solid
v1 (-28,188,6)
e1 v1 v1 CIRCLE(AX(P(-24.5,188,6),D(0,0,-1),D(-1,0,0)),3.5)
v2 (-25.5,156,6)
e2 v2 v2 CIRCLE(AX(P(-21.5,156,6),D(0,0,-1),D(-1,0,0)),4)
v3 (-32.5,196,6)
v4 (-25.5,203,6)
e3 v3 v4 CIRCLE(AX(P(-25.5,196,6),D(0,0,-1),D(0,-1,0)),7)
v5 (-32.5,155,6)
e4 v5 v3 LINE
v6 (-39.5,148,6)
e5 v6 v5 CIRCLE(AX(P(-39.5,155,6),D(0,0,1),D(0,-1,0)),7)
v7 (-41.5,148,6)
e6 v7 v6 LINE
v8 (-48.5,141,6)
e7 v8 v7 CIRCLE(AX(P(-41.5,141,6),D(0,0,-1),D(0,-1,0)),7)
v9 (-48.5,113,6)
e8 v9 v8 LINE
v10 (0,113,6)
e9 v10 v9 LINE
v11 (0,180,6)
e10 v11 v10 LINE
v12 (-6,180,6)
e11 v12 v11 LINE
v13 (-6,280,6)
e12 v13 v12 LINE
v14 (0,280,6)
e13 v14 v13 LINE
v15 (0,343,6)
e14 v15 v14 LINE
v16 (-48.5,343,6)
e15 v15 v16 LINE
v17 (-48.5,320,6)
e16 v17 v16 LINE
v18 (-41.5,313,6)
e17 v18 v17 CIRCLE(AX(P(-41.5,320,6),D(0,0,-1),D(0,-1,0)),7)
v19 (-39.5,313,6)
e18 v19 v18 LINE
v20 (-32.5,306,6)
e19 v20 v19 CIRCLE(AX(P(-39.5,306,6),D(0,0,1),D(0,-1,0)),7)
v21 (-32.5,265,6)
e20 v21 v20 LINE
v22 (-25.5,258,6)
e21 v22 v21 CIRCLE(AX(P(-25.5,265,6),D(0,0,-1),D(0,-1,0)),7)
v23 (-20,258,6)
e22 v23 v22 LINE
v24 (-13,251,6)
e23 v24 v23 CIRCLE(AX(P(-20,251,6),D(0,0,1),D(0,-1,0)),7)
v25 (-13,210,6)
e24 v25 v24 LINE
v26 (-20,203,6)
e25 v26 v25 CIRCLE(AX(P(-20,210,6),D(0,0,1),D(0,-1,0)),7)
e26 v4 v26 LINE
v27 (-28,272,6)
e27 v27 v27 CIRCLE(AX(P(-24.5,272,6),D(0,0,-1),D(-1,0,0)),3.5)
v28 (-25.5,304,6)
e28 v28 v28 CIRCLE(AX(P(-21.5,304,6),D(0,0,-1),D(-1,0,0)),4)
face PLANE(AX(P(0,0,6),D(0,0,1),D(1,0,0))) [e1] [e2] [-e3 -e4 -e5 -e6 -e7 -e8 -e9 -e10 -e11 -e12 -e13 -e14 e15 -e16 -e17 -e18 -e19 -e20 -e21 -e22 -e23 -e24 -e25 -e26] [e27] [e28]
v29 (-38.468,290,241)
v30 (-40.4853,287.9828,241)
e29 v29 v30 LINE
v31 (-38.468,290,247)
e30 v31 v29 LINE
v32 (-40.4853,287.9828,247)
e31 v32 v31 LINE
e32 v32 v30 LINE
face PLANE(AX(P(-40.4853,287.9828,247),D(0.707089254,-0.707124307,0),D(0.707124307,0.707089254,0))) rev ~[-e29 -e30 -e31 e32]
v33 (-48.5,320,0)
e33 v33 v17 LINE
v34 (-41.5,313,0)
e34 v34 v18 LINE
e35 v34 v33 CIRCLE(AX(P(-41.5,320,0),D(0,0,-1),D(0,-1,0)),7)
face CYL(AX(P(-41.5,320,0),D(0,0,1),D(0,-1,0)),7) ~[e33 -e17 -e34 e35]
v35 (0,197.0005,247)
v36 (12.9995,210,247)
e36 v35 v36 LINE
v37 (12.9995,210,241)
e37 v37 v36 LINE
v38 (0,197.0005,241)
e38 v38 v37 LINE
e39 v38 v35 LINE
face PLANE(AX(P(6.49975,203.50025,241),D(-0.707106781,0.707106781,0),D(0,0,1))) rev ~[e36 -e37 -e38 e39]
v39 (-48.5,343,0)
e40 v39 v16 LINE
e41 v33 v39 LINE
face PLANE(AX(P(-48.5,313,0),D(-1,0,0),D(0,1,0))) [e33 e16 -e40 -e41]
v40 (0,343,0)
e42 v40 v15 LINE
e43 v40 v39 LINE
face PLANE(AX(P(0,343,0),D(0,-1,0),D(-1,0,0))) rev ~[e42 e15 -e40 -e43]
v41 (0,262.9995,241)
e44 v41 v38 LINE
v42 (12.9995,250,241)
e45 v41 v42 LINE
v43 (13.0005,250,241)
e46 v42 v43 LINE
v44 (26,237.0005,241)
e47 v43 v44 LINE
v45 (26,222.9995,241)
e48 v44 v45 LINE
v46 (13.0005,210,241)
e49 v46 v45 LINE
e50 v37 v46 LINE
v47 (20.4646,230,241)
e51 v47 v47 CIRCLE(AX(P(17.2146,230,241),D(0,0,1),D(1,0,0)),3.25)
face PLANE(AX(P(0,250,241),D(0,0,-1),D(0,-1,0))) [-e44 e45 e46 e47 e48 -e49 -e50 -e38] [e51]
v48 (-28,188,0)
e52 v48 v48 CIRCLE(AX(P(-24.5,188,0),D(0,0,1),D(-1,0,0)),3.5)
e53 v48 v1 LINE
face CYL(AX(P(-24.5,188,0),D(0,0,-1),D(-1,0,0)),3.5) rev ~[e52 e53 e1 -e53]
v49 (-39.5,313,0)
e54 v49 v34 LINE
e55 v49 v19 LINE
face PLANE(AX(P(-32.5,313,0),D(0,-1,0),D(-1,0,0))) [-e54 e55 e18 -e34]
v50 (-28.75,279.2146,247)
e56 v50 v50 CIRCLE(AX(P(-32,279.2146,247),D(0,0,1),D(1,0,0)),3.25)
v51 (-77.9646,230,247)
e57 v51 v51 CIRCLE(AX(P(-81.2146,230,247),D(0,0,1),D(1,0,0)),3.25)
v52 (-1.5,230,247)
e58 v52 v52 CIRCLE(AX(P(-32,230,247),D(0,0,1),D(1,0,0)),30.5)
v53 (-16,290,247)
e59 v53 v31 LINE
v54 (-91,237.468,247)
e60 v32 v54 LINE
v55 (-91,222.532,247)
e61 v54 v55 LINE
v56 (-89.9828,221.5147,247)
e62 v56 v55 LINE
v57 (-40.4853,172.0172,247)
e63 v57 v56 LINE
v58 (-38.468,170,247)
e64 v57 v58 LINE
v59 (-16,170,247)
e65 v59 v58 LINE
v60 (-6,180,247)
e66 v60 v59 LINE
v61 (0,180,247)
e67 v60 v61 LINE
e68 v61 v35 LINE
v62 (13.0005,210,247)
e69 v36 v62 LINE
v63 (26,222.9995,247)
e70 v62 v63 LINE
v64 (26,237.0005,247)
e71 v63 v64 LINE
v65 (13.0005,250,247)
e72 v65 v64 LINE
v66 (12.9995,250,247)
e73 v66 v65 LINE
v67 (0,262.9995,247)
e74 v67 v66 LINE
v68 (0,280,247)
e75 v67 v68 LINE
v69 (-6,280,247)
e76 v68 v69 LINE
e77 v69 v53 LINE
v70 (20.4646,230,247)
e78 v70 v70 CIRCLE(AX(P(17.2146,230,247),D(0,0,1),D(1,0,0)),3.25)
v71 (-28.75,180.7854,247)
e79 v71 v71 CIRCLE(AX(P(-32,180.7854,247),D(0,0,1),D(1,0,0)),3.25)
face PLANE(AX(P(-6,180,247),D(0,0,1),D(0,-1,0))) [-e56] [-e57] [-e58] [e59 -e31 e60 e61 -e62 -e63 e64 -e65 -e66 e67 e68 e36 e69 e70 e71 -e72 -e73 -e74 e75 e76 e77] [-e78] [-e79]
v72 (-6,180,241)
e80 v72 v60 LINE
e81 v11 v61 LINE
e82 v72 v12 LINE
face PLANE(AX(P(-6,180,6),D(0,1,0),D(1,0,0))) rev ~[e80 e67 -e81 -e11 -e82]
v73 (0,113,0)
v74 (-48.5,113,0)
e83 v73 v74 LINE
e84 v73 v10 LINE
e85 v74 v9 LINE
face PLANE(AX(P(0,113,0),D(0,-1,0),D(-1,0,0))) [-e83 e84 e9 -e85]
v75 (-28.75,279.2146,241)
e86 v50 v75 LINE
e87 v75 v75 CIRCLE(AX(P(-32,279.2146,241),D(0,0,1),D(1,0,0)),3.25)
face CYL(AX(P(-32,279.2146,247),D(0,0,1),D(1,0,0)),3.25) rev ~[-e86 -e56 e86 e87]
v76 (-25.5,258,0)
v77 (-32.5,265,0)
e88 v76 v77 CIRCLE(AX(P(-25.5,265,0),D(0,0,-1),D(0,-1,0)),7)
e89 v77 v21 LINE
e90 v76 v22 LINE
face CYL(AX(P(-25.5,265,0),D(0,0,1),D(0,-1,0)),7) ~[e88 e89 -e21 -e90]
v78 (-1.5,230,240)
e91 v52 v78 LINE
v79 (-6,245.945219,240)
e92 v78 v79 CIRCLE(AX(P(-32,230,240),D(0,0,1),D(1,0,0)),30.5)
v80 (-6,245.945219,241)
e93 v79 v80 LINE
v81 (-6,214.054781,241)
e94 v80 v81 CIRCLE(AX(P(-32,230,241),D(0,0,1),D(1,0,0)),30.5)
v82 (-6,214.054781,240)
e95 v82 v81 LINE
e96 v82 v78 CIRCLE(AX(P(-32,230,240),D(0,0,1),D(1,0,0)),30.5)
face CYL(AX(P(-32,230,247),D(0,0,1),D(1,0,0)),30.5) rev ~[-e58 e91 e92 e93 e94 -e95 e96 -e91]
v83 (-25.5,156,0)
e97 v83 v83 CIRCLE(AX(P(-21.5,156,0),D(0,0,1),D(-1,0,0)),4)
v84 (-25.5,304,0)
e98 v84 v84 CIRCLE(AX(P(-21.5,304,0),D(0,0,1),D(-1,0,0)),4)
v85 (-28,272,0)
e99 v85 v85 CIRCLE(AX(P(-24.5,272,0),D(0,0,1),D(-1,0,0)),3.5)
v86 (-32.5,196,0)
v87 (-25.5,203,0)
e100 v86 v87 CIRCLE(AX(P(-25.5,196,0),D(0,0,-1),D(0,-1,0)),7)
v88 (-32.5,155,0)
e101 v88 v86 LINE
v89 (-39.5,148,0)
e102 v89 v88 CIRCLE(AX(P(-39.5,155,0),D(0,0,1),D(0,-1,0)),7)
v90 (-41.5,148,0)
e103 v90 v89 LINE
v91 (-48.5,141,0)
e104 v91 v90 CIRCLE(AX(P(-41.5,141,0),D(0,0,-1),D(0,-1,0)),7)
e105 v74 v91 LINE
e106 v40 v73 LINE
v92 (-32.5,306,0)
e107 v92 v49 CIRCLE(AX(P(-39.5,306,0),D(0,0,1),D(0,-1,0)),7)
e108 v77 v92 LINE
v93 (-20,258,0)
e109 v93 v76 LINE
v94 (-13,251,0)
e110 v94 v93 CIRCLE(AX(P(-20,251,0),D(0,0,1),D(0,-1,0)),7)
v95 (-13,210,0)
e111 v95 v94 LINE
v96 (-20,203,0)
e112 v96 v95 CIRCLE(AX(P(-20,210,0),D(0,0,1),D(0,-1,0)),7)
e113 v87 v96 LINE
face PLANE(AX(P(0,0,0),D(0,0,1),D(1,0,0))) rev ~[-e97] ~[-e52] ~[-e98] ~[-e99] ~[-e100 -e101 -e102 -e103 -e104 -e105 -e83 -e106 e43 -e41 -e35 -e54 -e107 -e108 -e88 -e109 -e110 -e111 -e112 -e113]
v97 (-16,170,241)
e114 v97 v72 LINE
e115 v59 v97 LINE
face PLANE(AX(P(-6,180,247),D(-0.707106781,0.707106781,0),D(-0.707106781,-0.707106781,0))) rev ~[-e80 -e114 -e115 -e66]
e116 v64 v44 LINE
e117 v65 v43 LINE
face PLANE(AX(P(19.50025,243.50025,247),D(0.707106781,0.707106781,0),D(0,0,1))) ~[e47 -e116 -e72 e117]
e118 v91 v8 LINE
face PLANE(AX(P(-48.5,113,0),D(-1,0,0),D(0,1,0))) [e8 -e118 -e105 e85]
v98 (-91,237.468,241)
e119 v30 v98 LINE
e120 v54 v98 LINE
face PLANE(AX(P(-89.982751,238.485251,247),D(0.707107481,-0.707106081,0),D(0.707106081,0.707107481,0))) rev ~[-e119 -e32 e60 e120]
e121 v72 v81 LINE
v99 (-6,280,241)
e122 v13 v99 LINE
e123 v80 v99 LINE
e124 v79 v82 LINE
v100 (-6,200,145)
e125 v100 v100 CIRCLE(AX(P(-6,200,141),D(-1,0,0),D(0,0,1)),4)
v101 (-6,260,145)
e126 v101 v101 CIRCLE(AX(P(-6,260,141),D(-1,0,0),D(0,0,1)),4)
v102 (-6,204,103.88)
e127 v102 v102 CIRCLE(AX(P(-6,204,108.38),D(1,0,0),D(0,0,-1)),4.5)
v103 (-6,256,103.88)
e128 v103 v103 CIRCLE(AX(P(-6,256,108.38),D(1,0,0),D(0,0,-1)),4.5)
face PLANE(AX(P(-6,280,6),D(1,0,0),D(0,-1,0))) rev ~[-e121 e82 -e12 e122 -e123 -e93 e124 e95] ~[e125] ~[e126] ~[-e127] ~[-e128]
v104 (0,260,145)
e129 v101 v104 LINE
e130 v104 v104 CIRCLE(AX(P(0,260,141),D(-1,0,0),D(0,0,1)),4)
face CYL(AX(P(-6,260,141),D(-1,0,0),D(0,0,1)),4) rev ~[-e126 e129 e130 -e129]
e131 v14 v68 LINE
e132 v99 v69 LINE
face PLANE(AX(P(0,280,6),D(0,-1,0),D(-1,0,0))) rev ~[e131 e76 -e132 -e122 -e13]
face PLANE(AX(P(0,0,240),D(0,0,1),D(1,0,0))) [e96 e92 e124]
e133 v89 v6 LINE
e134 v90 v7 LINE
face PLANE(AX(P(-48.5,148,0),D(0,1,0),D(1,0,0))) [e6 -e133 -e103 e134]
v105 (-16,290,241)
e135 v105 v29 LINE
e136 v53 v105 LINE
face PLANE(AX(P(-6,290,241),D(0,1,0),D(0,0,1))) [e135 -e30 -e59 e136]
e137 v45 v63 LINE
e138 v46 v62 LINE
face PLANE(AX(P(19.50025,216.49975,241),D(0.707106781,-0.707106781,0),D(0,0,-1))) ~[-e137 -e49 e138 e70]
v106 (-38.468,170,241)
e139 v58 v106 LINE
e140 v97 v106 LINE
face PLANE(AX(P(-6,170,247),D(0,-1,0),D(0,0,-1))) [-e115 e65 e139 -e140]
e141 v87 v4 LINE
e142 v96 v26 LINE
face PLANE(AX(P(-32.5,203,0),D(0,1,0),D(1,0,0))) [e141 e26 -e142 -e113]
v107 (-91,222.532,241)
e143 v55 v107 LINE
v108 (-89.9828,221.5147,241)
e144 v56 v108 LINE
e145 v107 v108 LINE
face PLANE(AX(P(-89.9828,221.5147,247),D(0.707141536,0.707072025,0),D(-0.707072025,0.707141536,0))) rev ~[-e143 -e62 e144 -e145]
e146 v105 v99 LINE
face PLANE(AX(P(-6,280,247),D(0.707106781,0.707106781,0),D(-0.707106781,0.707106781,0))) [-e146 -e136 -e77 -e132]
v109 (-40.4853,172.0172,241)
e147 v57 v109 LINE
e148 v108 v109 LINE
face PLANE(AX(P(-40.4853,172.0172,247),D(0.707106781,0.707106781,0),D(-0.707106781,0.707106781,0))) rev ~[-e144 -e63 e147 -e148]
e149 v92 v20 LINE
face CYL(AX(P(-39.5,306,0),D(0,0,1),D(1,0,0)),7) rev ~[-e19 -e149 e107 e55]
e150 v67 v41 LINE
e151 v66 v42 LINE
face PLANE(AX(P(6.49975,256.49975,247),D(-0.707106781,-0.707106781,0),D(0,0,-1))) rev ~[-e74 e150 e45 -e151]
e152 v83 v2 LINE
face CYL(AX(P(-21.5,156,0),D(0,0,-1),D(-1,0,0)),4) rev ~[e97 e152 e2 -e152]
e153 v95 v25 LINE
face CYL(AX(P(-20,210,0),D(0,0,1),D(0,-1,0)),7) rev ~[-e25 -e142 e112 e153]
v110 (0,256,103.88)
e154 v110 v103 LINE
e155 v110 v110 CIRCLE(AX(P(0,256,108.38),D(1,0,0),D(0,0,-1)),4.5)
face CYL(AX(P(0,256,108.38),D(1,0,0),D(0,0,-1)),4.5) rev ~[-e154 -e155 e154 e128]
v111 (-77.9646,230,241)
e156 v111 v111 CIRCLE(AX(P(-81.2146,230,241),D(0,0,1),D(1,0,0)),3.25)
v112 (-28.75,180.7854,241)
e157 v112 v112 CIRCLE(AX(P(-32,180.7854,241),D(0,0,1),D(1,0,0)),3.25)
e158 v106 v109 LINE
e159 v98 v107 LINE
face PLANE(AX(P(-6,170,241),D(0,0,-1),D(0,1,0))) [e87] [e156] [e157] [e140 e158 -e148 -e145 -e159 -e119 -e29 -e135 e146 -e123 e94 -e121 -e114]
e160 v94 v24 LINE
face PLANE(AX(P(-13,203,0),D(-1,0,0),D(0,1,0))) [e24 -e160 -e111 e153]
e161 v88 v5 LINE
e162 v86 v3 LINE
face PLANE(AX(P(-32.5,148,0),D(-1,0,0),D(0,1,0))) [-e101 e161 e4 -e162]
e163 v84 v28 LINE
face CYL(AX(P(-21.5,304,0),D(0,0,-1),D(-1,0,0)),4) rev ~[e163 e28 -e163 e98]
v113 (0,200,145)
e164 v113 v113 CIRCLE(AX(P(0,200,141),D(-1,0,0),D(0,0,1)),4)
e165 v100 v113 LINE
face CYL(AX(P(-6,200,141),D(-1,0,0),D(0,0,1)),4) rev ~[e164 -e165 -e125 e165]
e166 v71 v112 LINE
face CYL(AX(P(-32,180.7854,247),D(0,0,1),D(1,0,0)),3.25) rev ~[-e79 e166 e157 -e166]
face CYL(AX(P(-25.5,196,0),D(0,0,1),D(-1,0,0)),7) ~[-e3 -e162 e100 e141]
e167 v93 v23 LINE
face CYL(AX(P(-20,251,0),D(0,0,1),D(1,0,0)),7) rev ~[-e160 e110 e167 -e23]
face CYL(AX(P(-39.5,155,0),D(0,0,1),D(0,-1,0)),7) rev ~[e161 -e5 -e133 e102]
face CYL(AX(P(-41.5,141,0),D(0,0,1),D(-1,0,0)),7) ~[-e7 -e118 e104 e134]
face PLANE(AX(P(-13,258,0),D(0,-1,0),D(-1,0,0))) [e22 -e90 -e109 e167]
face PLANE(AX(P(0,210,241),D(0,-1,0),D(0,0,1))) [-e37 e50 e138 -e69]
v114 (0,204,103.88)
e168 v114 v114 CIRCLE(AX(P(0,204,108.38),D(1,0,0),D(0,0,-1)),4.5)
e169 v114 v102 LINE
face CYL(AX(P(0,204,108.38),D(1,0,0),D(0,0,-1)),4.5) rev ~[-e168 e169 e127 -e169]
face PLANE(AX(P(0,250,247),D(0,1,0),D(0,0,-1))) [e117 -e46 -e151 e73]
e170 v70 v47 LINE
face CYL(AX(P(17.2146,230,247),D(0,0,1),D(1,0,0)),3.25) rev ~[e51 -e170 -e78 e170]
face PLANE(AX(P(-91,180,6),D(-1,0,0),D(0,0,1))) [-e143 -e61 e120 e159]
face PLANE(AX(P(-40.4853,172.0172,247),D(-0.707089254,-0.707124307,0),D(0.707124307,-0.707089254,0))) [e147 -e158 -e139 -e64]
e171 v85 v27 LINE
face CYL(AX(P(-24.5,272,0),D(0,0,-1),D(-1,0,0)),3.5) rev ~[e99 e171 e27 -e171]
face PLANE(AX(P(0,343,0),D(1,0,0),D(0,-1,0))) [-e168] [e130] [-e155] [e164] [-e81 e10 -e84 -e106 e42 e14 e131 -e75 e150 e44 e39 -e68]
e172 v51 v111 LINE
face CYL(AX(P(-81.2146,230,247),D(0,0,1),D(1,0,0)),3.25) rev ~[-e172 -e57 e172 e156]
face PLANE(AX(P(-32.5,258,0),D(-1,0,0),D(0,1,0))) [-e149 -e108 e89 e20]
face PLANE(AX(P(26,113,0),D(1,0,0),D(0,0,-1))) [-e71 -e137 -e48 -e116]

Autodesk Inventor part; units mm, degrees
ref_plane "YZ Plane" through (0, 0, 0) normal (1, 0, 0) x (0, 1, 0)
sketch "Sketch1" plane through (0, 0, 0) normal (0, 0, 1) x (1, 0, 0)
  line L0 (0, 343) -> (-48.5, 343) projected
  line L1 (0, 343) -> (0, 113)
  line L2 (0, 113) -> (-48.5, 113)
  line L3 (-48.5, 113) -> (-48.5, 148)
  line L4 (-48.5, 148) -> (-32.5, 148)
  line L5 (-32.5, 148) -> (-32.5, 203)
  line L6 (-32.5, 203) -> (-13, 203)
  line L7 (-13, 203) -> (-13, 258)
  line L8 (-13, 258) -> (-32.5, 258)
  line L9 (-32.5, 258) -> (-32.5, 313)
  line L10 (-32.5, 313) -> (-48.5, 313)
  line L11 (-48.5, 313) -> (-48.5, 343)
  point P0 (0, 0)
  dimension "d0" = 230
  dimension "d1" = 13
  dimension "d2" = 30
  dimension "d3" = 55
  dimension "d4" = 55
  dimension "d5" = 55
  dimension "d6" = 16
extrude "Extrusion1" add sketch "Sketch1" along normal blind 6
fillet "Fillet1" radius 7 8 edges at (-32.5, 148, 3) (-32.5, 203, 3) (-13, 203, 3) (-13, 258, 3) (-32.5, 258, 3) (-32.5, 313, 3) (-48.5, 313, 3) (-48.5, 148, 3)
sketch "Sketch2" plane through (0, 0, 6) normal (0, 0, 1) x (1, 0, 0)
  line L0 (0, 113) -> (0, 343) projected
  line L1 (-6, 180) -> (0, 180)
  line L2 (0, 180) -> (0, 280)
  line L3 (0, 280) -> (-6, 280)
  line L4 (-6, 280) -> (-6, 180)
  line L5 (-15.5, 205) -> (-48.5, 205) construction
  line L6 (-48.5, 255) -> (-15.5, 255) construction
  line L7 (-15.5, 255) -> (-15.5, 205) construction
  line L8 (-15.5, 230) -> (0, 230) construction
  point P0 (0, 0)
  dimension "d10" = 100
  dimension "d11" = 6
extrude "Extrusion2" add sketch "Sketch2" along normal blind 241
sketch "Sketch3" plane through (-6, 180, 6) normal (-1, 0, 0) x (0, 0, 1)
  line L0 (241, 0) -> (241, 100) projected
  line L1 (235, 0) -> (235, 100)
  line L2 (241, 100) -> (241, 0)
  line L3 (241, 100) -> (241, 0) projected
  line L4 (241, 0) -> (241, -10)
  line L5 (241, -10) -> (235, -10)
  line L6 (235, -10) -> (235, 0)
  line L7 (235, 100) -> (235, 110)
  line L8 (235, 110) -> (241, 110)
  line L9 (0, 100) -> (241, 100) construction
  line L10 (241, 110) -> (241, 100)
  point P0 (-6, -180)
  dimension "d14" = 6
  dimension "d17" = 10
  dimension "d18" = 10
extrude "Extrusion3" add sketch "Sketch3" along normal blind 85
sketch "Sketch4" plane through (0, 0, 247) normal (0, 0, 1) x (1, 0, 0)
  line L0 (-37.6569, 174.8457) -> (-87.1543, 224.3431) construction
  line L1 (-87.1543, 235.6569) -> (-37.6569, 285.1543) construction
  line L2 (-40.4853, 172.0172) -> (-89.9828, 221.5147)
  line L3 (-91, 237.468) -> (-40.4853, 287.9828)
  line L4 (-89.9828, 221.5147) -> (-91, 222.532)
  line L5 (-91, 170) -> (-91, 290) projected
  line L6 (-89.9828, 238.4853) -> (-91, 237.468)
  line L7 (-40.4853, 287.9828) -> (-38.468, 290)
  line L8 (-6, 290) -> (-91, 290) projected
  line L9 (-40.4853, 172.0172) -> (-38.468, 170)
  line L10 (-6, 170) -> (-91, 170) projected
  line L11 (-38.468, 170) -> (-91, 170)
  line L12 (-6, 170) -> (-91, 170) projected
  line L13 (-91, 170) -> (-91, 222.532)
  line L14 (-91, 237.468) -> (-91, 290)
  line L15 (23.1543, 224.3431) -> (-26.3431, 174.8457) construction
  line L16 (-26.3431, 285.1543) -> (23.1543, 235.6569) construction
  line L17 (-18.7487, 292.7487) -> (30.7487, 243.2513) construction
  line L18 (30.7487, 216.7487) -> (-18.7487, 167.2513) construction
  line L19 (-6, 180) -> (0, 180) projected
  line L20 (-6, 170) -> (-6, 180) projected
  line L21 (-6, 180) -> (-6, 170)
  line L22 (-6, 170) -> (-16, 170)
  line L23 (-6, 180) -> (-16, 170)
  line L24 (-6, 280) -> (-6, 290) projected
  line L25 (-6, 280) -> (-6, 290)
  line L26 (-6, 290) -> (-16, 290)
  line L27 (-6, 280) -> (-16, 290)
  line L28 (-38.468, 290) -> (-91, 290)
  point P0 (0, 0)
  dimension "d19" = 4
  dimension "d20" = 4
extrude "Extrusion4" cut sketch "Sketch4" against normal blind 7
sketch "Sketch5" plane through (0, 113, 0) normal (1, 0, 0) x (0, 0, -1)
  line L0 (-241, 97) -> (-247, 97)
  line L1 (-247, 97) -> (-247, 137)
  line L2 (-247, 137) -> (-241, 137)
  line L3 (-241, 137) -> (-241, 97)
  line L4 (-247, 67) -> (-247, 167) projected
  point P0 (0, -113)
  point P1 (-247, 117)
  dimension "d25" = 6
  dimension "d26" = 40
extrude "Extrusion5" add sketch "Sketch5" along normal blind 26
chamfer "Chamfer1" distance 13 angle 45 4 edges at (0, 210, 244) (26, 210, 244) (26, 250, 244) (0, 250, 244)
sketch "Sketch6" plane through (0, 0, 247) normal (0, 0, 1) x (1, 0, 0)
  circle A0 centre (-32, 180.7854) radius 3.25 projected
  circle A1 centre (-81.2146, 230) radius 3.25 projected
  circle A2 centre (-32, 279.2146) radius 3.25 projected
  circle A3 centre (17.2146, 230) radius 3.25 projected
  circle A4 centre (-32, 230) radius 30 construction
  circle A5 centre (-32, 230) radius 30.5
  point P0 (0, 0)
  dimension "d33" = 0.5
extrude "Extrusion6" cut sketch "Sketch6" against normal blind 7
ref_plane "Work Plane1" through (-6, 230, 6) normal (0, -1, 0) x (1, 0, 0)
ref_plane "Work Plane2" through (-6, 190, 6) normal (0, -1, 0) x (1, 0, 0)
sketch "Sketch8" plane through (-6, 230, 6) normal (0, -1, 0) x (1, 0, 0)
  point P0 (6, -6)
sketch "Sketch11" plane through (-6, 230, 6) normal (0, -1, 0) x (1, 0, 0)
  point P0 (6, -6)
sketch "Sketch13" plane through (0, 0, 0) normal (0, 0, -1) x (-1, 0, 0)
  line L0 (0, 233) -> (0, 227) projected
  line L1 (0, 230) -> (0, 188)
  line L2 (0, 188) -> (24.5, 188)
  circle A0 centre (24.5, 188) radius 3.5
  line L3 (0, 230) -> (0, 156)
  line L4 (0, 113) -> (0, 180) projected
  line L5 (0, 156) -> (21.5, 156)
  circle A1 centre (21.5, 156) radius 4
  line L6 (0, 230) -> (0, 272)
  line L7 (0, 113) -> (0, 343) projected
  line L8 (0, 230) -> (0, 304)
  line L9 (0, 304) -> (21.5, 304)
  line L10 (0, 272) -> (24.5, 272)
  circle A2 centre (24.5, 272) radius 3.5
  circle A3 centre (21.5, 304) radius 4
  point P0 (0, 0)
  dimension "d56" = 42
  dimension "d57" = 24.5
  dimension "d58" = 7
  dimension "d59" = 74
  dimension "d60" = 21.5
  dimension "d61" = 8
  dimension "d62" = 42
  dimension "d63" = 74
  dimension "d64" = 7
  dimension "d65" = 8
sketch "Sketch15" plane through (-6, 280, 6) normal (-1, 0, 0) x (0, 0, 1)
  point P0 (-6, -280)
extrude "Extrusion19" cut sketch "Sketch13" against normal blind 16
sketch "Sketch23" plane through (0, 113, 0) normal (1, 0, 0) x (0, 0, -1)
  circle A0 centre (-108.38, 91) radius 4.5
  line L0 (-6, 67) -> (-247, 67) projected
  line L1 (-6, 0) -> (-6, 230) projected
  line L2 (0, 0) -> (0, 230) construction
  circle A1 centre (-108.38, 143) radius 4.5
  line L3 (-6, 167) -> (-6, 230) projected
  line L4 (-6, 167) -> (-247, 167) projected
  point P0 (0, -113)
  point P1 (-61, 67)
  point P2 (-6, 55)
  point P3 (-6, 179)
  point P4 (-61, 167)
  dimension "d87" = 9
  dimension "d88" = 24
  dimension "d89" = 102.38
  dimension "d90" = 9
  dimension "d91" = 102.38
  dimension "d92" = 24
extrude "Extrusion20" cut sketch "Sketch23" against normal through all
sketch "Sketch24" plane through (-6, 180, 6) normal (-1, 0, 0) x (0, 0, 1)
  circle A0 centre (135, 80) radius 4
  circle A1 centre (135, 20) radius 4
  line L0 (0, 0) -> (235, 0) projected
  line L1 (0, 100) -> (235, 100) projected
  line L2 (0, 71) -> (0, 30) projected
  point P0 (-6, -180)
  dimension "d95" = 8
  dimension "d96" = 8
  dimension "d97" = 20
  dimension "d98" = 20
  dimension "d99" = 135
extrude "Extrusion21" cut sketch "Sketch24" against normal blind 10
equation "\"d98\" = d97"
properties part number "X axis screw support" material "Steel"
